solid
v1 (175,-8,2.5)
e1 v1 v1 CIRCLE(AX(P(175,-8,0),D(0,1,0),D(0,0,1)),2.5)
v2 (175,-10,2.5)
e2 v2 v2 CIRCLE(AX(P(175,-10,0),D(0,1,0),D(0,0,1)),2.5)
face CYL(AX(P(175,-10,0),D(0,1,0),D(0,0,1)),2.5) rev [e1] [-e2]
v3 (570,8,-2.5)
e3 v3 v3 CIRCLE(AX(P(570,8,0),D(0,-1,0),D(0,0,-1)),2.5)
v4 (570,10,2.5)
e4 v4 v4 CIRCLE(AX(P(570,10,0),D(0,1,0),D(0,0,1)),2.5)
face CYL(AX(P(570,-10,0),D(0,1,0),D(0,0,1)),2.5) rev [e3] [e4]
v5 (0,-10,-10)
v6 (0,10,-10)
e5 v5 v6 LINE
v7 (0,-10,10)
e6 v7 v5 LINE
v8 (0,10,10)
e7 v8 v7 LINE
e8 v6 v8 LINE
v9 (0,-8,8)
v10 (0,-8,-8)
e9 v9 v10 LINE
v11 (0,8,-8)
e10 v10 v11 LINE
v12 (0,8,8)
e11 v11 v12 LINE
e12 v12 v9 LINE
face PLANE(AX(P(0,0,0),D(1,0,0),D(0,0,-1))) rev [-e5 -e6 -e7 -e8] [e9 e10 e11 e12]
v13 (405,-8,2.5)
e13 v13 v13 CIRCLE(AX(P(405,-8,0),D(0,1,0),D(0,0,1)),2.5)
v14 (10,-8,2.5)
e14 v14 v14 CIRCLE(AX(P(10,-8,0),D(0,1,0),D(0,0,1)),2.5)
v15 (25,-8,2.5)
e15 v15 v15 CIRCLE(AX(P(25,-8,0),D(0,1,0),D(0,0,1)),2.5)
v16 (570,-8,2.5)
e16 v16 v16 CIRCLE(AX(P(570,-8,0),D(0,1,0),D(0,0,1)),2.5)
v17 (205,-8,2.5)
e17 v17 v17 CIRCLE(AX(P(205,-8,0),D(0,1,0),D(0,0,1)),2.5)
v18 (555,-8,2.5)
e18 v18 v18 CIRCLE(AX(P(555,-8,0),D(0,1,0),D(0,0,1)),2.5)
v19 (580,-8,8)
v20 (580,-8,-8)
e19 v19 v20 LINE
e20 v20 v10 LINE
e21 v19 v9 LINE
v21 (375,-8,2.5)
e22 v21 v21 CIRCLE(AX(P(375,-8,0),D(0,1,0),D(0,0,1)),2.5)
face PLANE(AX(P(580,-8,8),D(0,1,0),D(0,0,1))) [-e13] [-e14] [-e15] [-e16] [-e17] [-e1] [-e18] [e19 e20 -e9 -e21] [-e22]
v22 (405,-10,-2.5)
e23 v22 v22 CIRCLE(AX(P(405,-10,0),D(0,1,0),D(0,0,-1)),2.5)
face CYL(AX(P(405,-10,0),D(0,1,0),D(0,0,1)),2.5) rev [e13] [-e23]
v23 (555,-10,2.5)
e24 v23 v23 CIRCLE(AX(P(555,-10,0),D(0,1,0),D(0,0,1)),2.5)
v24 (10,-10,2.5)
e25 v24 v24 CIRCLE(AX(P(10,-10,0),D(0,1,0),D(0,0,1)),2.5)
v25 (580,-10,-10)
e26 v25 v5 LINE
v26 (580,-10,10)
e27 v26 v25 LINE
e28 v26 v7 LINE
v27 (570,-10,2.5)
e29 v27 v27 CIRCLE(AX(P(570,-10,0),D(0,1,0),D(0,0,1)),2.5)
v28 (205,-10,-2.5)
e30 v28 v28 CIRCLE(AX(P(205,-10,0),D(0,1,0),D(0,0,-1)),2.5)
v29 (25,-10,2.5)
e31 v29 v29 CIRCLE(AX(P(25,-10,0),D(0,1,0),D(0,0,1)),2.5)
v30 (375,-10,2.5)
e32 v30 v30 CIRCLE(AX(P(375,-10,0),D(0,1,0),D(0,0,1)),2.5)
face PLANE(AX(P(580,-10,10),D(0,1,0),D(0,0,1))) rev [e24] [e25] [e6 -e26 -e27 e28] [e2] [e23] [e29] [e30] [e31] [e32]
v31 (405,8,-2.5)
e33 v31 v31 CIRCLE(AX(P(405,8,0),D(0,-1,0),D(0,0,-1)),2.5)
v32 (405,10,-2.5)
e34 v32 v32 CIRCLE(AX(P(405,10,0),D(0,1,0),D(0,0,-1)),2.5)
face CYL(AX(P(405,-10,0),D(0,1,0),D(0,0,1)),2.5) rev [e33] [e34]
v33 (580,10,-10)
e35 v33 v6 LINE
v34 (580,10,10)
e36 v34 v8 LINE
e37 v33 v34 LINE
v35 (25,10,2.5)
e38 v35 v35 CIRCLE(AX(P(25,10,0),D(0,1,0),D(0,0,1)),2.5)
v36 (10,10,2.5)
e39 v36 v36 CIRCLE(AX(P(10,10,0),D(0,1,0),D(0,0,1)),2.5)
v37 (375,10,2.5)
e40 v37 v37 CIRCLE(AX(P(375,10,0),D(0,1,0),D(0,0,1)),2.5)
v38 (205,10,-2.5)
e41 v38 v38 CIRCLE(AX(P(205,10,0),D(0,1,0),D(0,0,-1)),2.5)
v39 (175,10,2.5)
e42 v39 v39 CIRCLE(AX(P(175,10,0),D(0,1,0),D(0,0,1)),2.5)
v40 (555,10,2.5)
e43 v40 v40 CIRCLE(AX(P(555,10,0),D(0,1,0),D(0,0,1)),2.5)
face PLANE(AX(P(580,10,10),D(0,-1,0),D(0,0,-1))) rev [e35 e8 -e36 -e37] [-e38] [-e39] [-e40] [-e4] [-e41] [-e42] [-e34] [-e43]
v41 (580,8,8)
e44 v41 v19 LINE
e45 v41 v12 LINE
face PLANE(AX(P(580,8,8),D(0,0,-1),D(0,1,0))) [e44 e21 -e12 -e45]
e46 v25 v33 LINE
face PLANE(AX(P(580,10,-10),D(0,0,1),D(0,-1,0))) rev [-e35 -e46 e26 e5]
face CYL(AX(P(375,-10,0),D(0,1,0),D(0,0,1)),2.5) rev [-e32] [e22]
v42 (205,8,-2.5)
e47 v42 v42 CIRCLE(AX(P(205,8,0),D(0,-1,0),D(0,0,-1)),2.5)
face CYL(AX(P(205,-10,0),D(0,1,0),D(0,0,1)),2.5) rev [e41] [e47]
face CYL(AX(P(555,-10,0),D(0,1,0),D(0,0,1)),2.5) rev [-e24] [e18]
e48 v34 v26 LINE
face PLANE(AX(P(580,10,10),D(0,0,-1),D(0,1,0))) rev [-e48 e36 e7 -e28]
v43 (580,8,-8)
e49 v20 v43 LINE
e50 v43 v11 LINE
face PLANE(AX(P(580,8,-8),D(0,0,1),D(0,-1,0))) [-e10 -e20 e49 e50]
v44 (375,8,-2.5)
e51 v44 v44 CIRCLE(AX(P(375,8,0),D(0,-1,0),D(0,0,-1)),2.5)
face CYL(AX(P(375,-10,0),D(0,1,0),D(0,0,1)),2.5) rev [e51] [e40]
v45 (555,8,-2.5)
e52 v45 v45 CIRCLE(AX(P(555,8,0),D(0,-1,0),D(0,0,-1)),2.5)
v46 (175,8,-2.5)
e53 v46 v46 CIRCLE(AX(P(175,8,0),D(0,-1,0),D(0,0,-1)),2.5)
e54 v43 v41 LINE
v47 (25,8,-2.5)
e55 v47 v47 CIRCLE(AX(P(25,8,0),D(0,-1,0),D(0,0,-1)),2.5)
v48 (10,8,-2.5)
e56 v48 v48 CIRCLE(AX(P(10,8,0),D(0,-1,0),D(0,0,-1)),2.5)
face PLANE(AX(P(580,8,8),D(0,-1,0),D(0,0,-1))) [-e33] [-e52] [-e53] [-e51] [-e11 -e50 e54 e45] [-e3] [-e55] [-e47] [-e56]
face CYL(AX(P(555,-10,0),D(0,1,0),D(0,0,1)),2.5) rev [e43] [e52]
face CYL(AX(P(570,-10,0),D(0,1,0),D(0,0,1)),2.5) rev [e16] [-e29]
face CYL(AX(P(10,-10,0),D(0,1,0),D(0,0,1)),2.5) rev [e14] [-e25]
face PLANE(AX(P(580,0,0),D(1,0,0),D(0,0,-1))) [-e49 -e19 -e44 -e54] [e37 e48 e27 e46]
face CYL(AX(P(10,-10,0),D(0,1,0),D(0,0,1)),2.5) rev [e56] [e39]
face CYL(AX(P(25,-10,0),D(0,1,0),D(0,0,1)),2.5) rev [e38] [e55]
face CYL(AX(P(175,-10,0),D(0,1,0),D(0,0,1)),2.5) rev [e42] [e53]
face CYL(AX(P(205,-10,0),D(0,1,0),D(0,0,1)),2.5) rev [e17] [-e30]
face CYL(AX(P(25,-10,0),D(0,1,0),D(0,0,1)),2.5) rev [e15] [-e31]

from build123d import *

# Parameters (mm, degrees)
SKETCH1_W           = 20
SKETCH1_H           = 20
SKETCH1_W_2         = 16
SKETCH1_H_2         = 16
BOSS_EXTRUDE1_DEPTH = 580
SKETCH2_R           = 2.5
CUT_EXTRUDE1_DEPTH  = 581.430874437
SKETCH3_R           = 2.5
CUT_EXTRUDE2_DEPTH  = 581.430874437


with BuildPart() as part:
    # Sketch1 → Boss-Extrude1 (new body)
    with BuildSketch(Plane(origin=(0, 0, 0), x_dir=(0, 0, -1), z_dir=(1, 0, 0))):
        Rectangle(SKETCH1_W, SKETCH1_H)
        Rectangle(SKETCH1_W_2, SKETCH1_H_2, mode=Mode.SUBTRACT)
    extrude(amount=BOSS_EXTRUDE1_DEPTH)

    # Sketch2 → Cut-Extrude1 (cut, through all)
    with BuildSketch(Plane(origin=(0, 10, 0), x_dir=(1, 0, 0), z_dir=(0, 1, 0))):
        with Locations(Location((10, 0, 0), (0, 0, 270))):
            Circle(SKETCH2_R)
        with Locations(Location((570, 0, 0), (0, 0, 270))):
            Circle(SKETCH2_R)
        with Locations(Location((25, 0, 0), (0, 0, 270))):
            Circle(SKETCH2_R)
        with Locations(Location((555, 0, 0), (0, 0, 270))):
            Circle(SKETCH2_R)
    extrude(amount=-CUT_EXTRUDE1_DEPTH, mode=Mode.SUBTRACT)

    # Sketch3 → Cut-Extrude2 (cut, through all)
    with BuildSketch(Plane(origin=(0, 10, 0), x_dir=(1, 0, 0), z_dir=(0, 1, 0))):
        with Locations(Location((175, 0, 0), (0, 0, 270))):
            Circle(SKETCH3_R)
        with Locations(Location((405, 0, 0), (0, 0, 270))):
            Circle(SKETCH3_R)
        with Locations(Location((205, 0, 0), (0, 0, 270))):
            Circle(SKETCH3_R)
        with Locations(Location((375, 0, 0), (0, 0, 270))):
            Circle(SKETCH3_R)
    extrude(amount=-CUT_EXTRUDE2_DEPTH, mode=Mode.SUBTRACT)


solid = part.part
